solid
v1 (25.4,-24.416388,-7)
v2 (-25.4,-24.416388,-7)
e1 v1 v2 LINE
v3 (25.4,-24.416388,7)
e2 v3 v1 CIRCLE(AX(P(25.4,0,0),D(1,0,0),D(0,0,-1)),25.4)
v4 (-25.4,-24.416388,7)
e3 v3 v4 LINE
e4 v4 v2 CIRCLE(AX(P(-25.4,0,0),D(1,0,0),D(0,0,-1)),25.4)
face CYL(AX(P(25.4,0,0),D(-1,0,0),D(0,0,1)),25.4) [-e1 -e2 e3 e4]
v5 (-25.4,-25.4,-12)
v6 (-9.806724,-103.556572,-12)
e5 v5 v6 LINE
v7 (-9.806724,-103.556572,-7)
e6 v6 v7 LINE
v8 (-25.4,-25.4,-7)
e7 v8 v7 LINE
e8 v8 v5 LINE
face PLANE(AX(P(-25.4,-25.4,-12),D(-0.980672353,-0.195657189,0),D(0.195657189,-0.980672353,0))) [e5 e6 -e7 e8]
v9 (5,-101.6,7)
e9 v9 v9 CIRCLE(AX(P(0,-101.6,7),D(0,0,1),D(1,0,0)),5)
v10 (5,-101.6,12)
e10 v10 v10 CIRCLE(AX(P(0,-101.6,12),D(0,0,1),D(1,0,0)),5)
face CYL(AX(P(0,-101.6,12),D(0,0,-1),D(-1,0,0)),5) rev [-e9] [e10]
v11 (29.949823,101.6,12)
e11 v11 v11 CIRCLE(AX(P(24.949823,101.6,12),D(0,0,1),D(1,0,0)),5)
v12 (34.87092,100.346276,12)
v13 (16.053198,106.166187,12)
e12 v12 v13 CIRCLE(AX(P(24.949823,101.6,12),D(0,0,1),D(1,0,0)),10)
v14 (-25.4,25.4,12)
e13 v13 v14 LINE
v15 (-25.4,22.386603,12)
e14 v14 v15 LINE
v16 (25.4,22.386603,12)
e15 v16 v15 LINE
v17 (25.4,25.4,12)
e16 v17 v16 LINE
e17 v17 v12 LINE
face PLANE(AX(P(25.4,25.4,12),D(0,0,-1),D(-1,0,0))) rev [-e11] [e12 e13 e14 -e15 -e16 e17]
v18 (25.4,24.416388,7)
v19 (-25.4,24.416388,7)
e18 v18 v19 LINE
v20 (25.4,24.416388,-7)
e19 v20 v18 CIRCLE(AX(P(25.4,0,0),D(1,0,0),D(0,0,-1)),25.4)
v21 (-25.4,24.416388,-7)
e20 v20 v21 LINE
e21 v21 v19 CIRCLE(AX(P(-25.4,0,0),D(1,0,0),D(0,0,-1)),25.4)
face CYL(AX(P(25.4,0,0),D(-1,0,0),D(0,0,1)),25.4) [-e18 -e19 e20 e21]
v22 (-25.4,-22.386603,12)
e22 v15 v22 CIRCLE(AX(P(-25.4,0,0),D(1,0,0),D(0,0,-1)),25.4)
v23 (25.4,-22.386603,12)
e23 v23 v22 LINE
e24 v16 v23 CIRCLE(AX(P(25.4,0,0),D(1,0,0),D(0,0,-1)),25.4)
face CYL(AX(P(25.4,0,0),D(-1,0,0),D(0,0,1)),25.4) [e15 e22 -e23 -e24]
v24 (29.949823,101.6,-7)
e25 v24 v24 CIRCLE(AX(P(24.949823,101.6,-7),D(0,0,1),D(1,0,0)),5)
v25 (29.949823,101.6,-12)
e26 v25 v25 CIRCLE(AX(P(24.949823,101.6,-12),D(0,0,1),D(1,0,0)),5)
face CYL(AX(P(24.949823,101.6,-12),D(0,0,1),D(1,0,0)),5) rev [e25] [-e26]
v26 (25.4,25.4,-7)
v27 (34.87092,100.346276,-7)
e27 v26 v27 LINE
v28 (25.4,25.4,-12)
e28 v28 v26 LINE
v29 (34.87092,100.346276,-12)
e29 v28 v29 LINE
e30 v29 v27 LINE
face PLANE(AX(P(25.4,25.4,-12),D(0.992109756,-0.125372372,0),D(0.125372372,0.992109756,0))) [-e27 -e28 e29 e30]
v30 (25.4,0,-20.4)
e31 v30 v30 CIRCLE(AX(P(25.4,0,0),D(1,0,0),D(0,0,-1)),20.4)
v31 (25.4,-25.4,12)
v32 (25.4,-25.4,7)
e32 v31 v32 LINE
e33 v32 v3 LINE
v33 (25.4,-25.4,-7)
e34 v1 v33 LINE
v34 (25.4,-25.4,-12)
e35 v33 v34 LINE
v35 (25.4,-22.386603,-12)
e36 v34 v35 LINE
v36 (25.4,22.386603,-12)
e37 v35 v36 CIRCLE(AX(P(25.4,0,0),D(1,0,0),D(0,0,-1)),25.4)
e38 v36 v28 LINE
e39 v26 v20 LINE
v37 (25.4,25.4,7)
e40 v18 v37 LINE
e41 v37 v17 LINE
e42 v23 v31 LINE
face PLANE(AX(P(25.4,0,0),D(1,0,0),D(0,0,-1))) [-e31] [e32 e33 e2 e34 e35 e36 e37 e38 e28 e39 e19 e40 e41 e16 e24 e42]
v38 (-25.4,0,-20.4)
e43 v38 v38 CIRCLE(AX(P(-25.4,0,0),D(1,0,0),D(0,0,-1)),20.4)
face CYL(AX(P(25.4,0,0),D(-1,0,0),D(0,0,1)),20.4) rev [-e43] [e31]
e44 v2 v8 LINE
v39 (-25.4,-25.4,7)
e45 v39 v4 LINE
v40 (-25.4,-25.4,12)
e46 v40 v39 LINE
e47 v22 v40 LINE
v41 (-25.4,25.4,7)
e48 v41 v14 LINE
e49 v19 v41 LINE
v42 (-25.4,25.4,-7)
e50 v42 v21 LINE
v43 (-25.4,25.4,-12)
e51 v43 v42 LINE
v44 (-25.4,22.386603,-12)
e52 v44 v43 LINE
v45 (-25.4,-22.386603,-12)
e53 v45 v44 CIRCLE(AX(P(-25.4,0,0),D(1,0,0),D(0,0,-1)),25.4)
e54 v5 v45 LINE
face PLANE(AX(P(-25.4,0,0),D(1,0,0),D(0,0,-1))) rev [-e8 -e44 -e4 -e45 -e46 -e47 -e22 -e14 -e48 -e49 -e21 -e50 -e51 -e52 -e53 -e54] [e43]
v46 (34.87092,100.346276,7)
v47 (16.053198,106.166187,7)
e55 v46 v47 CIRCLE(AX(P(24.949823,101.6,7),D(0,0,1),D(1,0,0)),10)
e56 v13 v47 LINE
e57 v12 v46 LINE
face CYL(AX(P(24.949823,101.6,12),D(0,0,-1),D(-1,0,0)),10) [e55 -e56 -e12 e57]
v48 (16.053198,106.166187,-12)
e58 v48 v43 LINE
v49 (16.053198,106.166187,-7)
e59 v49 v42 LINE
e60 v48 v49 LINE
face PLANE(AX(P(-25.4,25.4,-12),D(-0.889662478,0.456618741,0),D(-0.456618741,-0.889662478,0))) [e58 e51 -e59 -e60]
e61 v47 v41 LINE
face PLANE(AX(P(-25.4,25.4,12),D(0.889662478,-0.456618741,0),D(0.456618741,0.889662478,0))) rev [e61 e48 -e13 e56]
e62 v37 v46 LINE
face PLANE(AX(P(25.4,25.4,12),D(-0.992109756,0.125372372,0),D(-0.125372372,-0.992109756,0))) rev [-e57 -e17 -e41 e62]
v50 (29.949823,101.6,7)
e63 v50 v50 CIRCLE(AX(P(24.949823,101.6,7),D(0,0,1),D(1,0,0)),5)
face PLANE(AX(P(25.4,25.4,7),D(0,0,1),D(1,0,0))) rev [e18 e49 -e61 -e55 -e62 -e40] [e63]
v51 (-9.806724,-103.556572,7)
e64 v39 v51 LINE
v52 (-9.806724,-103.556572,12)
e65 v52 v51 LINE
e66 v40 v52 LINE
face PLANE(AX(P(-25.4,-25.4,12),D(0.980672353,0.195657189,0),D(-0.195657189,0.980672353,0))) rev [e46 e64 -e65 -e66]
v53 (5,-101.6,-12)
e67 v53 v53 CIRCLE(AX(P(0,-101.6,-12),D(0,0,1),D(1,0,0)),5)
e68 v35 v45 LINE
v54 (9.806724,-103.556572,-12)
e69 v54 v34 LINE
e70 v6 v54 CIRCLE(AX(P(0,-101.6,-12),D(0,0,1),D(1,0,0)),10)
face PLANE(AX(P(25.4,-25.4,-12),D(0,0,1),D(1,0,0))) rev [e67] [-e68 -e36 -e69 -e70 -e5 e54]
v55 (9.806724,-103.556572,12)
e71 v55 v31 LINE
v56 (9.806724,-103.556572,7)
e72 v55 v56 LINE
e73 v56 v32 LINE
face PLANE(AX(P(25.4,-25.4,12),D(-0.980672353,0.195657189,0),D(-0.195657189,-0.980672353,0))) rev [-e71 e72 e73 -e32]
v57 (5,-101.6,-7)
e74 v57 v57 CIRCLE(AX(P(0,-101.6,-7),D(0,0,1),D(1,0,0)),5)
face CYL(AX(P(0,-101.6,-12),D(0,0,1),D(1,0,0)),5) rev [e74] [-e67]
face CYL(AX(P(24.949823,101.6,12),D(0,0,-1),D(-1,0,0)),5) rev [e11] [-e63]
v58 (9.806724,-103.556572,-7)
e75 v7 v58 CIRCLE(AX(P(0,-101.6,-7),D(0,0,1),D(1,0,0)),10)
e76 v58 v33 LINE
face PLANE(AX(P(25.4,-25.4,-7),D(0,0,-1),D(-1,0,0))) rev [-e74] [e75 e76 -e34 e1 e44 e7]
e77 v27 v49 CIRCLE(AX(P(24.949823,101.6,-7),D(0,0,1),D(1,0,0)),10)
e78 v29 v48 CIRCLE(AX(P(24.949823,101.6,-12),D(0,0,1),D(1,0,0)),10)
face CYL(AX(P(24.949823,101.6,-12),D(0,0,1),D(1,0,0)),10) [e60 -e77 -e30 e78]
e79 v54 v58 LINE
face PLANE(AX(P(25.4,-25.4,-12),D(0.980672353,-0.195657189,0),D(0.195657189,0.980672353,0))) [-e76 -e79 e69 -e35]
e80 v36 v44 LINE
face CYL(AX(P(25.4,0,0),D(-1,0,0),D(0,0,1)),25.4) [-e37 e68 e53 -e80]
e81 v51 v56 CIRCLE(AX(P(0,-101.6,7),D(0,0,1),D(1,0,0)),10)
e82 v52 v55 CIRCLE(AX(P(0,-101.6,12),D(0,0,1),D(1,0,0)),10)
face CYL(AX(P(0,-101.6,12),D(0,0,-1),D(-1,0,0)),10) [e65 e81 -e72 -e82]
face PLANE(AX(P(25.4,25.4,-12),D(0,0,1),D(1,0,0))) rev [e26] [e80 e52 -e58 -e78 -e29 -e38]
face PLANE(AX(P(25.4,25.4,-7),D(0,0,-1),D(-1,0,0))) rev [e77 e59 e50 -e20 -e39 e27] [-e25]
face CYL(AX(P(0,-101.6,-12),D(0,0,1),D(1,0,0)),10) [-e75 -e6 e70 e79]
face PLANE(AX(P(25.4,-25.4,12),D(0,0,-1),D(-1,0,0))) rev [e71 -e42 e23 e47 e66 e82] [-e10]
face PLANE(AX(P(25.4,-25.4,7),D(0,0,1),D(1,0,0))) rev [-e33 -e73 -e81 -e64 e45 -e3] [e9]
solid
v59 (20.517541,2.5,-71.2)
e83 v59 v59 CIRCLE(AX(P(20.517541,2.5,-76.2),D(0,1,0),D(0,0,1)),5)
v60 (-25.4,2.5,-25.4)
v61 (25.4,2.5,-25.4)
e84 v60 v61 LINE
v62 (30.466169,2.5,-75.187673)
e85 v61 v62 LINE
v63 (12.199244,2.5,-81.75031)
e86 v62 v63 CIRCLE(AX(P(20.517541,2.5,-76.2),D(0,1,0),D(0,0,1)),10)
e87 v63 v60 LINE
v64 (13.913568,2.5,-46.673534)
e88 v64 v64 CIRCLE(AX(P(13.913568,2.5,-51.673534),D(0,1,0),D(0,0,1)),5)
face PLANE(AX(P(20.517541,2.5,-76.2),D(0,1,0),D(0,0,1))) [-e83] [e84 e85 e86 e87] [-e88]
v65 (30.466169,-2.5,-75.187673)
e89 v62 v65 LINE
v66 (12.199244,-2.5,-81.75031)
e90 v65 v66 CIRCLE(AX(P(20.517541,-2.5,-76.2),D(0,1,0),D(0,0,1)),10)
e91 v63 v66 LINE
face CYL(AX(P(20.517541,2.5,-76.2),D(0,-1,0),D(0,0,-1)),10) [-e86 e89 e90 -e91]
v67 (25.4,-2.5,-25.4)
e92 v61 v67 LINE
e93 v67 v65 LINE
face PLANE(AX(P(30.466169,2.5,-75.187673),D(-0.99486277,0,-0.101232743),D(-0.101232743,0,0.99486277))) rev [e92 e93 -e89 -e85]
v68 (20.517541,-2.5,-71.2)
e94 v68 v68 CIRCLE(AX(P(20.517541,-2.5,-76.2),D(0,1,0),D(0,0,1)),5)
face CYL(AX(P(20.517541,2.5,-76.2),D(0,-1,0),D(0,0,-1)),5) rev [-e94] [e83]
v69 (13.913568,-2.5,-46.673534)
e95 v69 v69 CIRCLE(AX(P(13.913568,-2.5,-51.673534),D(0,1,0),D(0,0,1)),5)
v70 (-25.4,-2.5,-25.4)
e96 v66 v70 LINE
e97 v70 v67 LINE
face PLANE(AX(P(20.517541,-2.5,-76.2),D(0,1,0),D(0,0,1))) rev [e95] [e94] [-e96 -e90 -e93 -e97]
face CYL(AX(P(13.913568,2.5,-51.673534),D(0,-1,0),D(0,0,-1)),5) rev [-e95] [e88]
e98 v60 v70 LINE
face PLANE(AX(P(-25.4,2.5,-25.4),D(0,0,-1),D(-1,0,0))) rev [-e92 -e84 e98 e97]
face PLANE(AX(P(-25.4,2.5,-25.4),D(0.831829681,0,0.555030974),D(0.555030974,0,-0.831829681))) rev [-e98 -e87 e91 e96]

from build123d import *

# Parameters (mm, degrees)
SKETCH2_R             = 25.4
SKETCH2_R_2           = 20.4
BOSS_EXTRUDE1_DEPTH   = 25.4
BOSS_EXTRUDE2_START   = 7
SKETCH3_R             = 5
BOSS_EXTRUDE2_DEPTH   = 5
BOSS_EXTRUDE2_2_DEPTH = 5
BOSS_EXTRUDE3_START   = -7
SKETCH3_2_R           = 5
BOSS_EXTRUDE3_DEPTH   = 5
BOSS_EXTRUDE3_2_DEPTH = 5
BOSS_EXTRUDE4_DEPTH   = 25.4
SKETCH6_R             = 5
BOSS_EXTRUDE6_DEPTH   = 2.5


with BuildPart() as part:
    # Sketch2 → Boss-Extrude1 (new, symmetric)
    with BuildSketch(Plane(origin=(0, 0, 0), x_dir=(0, 0, -1), z_dir=(1, 0, 0))):
        Circle(SKETCH2_R)
        Circle(SKETCH2_R_2, mode=Mode.SUBTRACT)
    extrude(amount=BOSS_EXTRUDE1_DEPTH, both=True)



with BuildPart() as body_2:
    # Sketch3 → Boss-Extrude2 (new body)
    with BuildSketch(Plane.XY.offset(BOSS_EXTRUDE2_START)):
        with BuildLine():
            Line((-25.4, 25.4), (16.053197995, 106.166187415))
            ThreePointArc((16.053197995, 106.166187415), (27.904518621, 111.153521469), (34.870920337, 100.346276275))
            Line((34.870920337, 100.346276275), (25.4, 25.4))
            Line((25.4, 25.4), (-25.4, 25.4))
        make_face()
        with Locations((24.949822775, 101.6)):
            Circle(SKETCH3_R, mode=Mode.SUBTRACT)
    extrude(amount=BOSS_EXTRUDE2_DEPTH)


with BuildPart() as body_3:
    # Sketch3 → Boss-Extrude2 2 (new body)
    with BuildSketch(Plane.XY.offset(BOSS_EXTRUDE2_START)):
        with BuildLine():
            Line((-25.4, -25.4), (-9.806723533, -103.556571886))
            ThreePointArc((-9.806723533, -103.556571886), (0, -111.6), (9.806723533, -103.556571886))
            Line((9.806723533, -103.556571886), (25.4, -25.4))
            Line((25.4, -25.4), (-25.4, -25.4))
        make_face()
        with Locations((0, -101.6)):
            Circle(SKETCH3_R, mode=Mode.SUBTRACT)
    extrude(amount=BOSS_EXTRUDE2_2_DEPTH)


with BuildPart() as body_4:
    # Sketch3<2> → Boss-Extrude3 (new body)
    with BuildSketch(Plane.XY.offset(BOSS_EXTRUDE3_START)):
        with BuildLine():
            Line((-25.4, 25.4), (16.053197995, 106.166187415))
            ThreePointArc((16.053197995, 106.166187415), (27.904518621, 111.153521469), (34.870920337, 100.346276275))
            Line((34.870920337, 100.346276275), (25.4, 25.4))
            Line((25.4, 25.4), (-25.4, 25.4))
        make_face()
        with Locations((24.949822775, 101.6)):
            Circle(SKETCH3_2_R, mode=Mode.SUBTRACT)
    extrude(amount=-BOSS_EXTRUDE3_DEPTH)


with BuildPart() as body_5:
    # Sketch3<2> → Boss-Extrude3 2 (new body)
    with BuildSketch(Plane.XY.offset(BOSS_EXTRUDE3_START)):
        with BuildLine():
            Line((-25.4, -25.4), (-9.806723533, -103.556571886))
            ThreePointArc((-9.806723533, -103.556571886), (0, -111.6), (9.806723533, -103.556571886))
            Line((9.806723533, -103.556571886), (25.4, -25.4))
            Line((25.4, -25.4), (-25.4, -25.4))
        make_face()
        with Locations((0, -101.6)):
            Circle(SKETCH3_2_R, mode=Mode.SUBTRACT)
    extrude(amount=-BOSS_EXTRUDE3_2_DEPTH)


with BuildPart() as part_1:
    add(part.part)

    add(body_2.part)  # Boss-Extrude4 merges body 2

    add(body_3.part)  # Boss-Extrude4 merges body 3

    add(body_4.part)  # Boss-Extrude4 merges body 4

    add(body_5.part)  # Boss-Extrude4 merges body 5
    # Sketch4 → Boss-Extrude4 (add, symmetric)
    with BuildSketch(Plane(origin=(0, 0, 0), x_dir=(0, 0, -1), z_dir=(1, 0, 0))):
        with BuildLine():
            Line((-12, -25.4), (-7, -25.4))
            Line((-7, -25.4), (-7, -24.416387939))
            ThreePointArc((-7, -24.416387939), (-9.554057075, -23.534655158), (-12, -22.386603137))
            Line((-12, -22.386603137), (-12, -25.4))
        make_face()
        with BuildLine():
            Line((12, -25.4), (7, -25.4))
            Line((7, -25.4), (7, -24.416387939))
            ThreePointArc((7, -24.416387939), (9.554057075, -23.534655158), (12, -22.386603137))
            Line((12, -22.386603137), (12, -25.4))
        make_face()
        with BuildLine():
            Line((12, 25.4), (7, 25.4))
            Line((7, 25.4), (7, 24.416387939))
            ThreePointArc((7, 24.416387939), (9.554057075, 23.534655158), (12, 22.386603137))
            Line((12, 22.386603137), (12, 25.4))
        make_face()
        with BuildLine():
            Line((-12, 25.4), (-7, 25.4))
            Line((-7, 25.4), (-7, 24.416387939))
            ThreePointArc((-7, 24.416387939), (-9.554057075, 23.534655158), (-12, 22.386603137))
            Line((-12, 22.386603137), (-12, 25.4))
        make_face()
    extrude(amount=BOSS_EXTRUDE4_DEPTH, both=True)


with BuildPart() as body_2_2:
    # Sketch6 → Boss-Extrude6 (new, symmetric)
    with BuildSketch(Plane(origin=(0, 0, 0), x_dir=(1, 0, 0), z_dir=(0, 1, 0))):
        with BuildLine():
            Line((-25.4, 25.4), (12.199244226, 81.750309743))
            ThreePointArc((12.199244226, 81.750309743), (23.898598023, 85.611081427), (30.466168735, 75.18767257))
            Line((30.466168735, 75.18767257), (25.4, 25.4))
            Line((25.4, 25.4), (-25.4, 25.4))
        make_face()
        with Locations((20.517541032, 76.2)):
            Circle(SKETCH6_R, mode=Mode.SUBTRACT)
        with Locations((13.913567634, 51.673533981)):
            Circle(SKETCH6_R, mode=Mode.SUBTRACT)
    extrude(amount=BOSS_EXTRUDE6_DEPTH, both=True)


solid = Compound([part_1.part, body_2_2.part])
